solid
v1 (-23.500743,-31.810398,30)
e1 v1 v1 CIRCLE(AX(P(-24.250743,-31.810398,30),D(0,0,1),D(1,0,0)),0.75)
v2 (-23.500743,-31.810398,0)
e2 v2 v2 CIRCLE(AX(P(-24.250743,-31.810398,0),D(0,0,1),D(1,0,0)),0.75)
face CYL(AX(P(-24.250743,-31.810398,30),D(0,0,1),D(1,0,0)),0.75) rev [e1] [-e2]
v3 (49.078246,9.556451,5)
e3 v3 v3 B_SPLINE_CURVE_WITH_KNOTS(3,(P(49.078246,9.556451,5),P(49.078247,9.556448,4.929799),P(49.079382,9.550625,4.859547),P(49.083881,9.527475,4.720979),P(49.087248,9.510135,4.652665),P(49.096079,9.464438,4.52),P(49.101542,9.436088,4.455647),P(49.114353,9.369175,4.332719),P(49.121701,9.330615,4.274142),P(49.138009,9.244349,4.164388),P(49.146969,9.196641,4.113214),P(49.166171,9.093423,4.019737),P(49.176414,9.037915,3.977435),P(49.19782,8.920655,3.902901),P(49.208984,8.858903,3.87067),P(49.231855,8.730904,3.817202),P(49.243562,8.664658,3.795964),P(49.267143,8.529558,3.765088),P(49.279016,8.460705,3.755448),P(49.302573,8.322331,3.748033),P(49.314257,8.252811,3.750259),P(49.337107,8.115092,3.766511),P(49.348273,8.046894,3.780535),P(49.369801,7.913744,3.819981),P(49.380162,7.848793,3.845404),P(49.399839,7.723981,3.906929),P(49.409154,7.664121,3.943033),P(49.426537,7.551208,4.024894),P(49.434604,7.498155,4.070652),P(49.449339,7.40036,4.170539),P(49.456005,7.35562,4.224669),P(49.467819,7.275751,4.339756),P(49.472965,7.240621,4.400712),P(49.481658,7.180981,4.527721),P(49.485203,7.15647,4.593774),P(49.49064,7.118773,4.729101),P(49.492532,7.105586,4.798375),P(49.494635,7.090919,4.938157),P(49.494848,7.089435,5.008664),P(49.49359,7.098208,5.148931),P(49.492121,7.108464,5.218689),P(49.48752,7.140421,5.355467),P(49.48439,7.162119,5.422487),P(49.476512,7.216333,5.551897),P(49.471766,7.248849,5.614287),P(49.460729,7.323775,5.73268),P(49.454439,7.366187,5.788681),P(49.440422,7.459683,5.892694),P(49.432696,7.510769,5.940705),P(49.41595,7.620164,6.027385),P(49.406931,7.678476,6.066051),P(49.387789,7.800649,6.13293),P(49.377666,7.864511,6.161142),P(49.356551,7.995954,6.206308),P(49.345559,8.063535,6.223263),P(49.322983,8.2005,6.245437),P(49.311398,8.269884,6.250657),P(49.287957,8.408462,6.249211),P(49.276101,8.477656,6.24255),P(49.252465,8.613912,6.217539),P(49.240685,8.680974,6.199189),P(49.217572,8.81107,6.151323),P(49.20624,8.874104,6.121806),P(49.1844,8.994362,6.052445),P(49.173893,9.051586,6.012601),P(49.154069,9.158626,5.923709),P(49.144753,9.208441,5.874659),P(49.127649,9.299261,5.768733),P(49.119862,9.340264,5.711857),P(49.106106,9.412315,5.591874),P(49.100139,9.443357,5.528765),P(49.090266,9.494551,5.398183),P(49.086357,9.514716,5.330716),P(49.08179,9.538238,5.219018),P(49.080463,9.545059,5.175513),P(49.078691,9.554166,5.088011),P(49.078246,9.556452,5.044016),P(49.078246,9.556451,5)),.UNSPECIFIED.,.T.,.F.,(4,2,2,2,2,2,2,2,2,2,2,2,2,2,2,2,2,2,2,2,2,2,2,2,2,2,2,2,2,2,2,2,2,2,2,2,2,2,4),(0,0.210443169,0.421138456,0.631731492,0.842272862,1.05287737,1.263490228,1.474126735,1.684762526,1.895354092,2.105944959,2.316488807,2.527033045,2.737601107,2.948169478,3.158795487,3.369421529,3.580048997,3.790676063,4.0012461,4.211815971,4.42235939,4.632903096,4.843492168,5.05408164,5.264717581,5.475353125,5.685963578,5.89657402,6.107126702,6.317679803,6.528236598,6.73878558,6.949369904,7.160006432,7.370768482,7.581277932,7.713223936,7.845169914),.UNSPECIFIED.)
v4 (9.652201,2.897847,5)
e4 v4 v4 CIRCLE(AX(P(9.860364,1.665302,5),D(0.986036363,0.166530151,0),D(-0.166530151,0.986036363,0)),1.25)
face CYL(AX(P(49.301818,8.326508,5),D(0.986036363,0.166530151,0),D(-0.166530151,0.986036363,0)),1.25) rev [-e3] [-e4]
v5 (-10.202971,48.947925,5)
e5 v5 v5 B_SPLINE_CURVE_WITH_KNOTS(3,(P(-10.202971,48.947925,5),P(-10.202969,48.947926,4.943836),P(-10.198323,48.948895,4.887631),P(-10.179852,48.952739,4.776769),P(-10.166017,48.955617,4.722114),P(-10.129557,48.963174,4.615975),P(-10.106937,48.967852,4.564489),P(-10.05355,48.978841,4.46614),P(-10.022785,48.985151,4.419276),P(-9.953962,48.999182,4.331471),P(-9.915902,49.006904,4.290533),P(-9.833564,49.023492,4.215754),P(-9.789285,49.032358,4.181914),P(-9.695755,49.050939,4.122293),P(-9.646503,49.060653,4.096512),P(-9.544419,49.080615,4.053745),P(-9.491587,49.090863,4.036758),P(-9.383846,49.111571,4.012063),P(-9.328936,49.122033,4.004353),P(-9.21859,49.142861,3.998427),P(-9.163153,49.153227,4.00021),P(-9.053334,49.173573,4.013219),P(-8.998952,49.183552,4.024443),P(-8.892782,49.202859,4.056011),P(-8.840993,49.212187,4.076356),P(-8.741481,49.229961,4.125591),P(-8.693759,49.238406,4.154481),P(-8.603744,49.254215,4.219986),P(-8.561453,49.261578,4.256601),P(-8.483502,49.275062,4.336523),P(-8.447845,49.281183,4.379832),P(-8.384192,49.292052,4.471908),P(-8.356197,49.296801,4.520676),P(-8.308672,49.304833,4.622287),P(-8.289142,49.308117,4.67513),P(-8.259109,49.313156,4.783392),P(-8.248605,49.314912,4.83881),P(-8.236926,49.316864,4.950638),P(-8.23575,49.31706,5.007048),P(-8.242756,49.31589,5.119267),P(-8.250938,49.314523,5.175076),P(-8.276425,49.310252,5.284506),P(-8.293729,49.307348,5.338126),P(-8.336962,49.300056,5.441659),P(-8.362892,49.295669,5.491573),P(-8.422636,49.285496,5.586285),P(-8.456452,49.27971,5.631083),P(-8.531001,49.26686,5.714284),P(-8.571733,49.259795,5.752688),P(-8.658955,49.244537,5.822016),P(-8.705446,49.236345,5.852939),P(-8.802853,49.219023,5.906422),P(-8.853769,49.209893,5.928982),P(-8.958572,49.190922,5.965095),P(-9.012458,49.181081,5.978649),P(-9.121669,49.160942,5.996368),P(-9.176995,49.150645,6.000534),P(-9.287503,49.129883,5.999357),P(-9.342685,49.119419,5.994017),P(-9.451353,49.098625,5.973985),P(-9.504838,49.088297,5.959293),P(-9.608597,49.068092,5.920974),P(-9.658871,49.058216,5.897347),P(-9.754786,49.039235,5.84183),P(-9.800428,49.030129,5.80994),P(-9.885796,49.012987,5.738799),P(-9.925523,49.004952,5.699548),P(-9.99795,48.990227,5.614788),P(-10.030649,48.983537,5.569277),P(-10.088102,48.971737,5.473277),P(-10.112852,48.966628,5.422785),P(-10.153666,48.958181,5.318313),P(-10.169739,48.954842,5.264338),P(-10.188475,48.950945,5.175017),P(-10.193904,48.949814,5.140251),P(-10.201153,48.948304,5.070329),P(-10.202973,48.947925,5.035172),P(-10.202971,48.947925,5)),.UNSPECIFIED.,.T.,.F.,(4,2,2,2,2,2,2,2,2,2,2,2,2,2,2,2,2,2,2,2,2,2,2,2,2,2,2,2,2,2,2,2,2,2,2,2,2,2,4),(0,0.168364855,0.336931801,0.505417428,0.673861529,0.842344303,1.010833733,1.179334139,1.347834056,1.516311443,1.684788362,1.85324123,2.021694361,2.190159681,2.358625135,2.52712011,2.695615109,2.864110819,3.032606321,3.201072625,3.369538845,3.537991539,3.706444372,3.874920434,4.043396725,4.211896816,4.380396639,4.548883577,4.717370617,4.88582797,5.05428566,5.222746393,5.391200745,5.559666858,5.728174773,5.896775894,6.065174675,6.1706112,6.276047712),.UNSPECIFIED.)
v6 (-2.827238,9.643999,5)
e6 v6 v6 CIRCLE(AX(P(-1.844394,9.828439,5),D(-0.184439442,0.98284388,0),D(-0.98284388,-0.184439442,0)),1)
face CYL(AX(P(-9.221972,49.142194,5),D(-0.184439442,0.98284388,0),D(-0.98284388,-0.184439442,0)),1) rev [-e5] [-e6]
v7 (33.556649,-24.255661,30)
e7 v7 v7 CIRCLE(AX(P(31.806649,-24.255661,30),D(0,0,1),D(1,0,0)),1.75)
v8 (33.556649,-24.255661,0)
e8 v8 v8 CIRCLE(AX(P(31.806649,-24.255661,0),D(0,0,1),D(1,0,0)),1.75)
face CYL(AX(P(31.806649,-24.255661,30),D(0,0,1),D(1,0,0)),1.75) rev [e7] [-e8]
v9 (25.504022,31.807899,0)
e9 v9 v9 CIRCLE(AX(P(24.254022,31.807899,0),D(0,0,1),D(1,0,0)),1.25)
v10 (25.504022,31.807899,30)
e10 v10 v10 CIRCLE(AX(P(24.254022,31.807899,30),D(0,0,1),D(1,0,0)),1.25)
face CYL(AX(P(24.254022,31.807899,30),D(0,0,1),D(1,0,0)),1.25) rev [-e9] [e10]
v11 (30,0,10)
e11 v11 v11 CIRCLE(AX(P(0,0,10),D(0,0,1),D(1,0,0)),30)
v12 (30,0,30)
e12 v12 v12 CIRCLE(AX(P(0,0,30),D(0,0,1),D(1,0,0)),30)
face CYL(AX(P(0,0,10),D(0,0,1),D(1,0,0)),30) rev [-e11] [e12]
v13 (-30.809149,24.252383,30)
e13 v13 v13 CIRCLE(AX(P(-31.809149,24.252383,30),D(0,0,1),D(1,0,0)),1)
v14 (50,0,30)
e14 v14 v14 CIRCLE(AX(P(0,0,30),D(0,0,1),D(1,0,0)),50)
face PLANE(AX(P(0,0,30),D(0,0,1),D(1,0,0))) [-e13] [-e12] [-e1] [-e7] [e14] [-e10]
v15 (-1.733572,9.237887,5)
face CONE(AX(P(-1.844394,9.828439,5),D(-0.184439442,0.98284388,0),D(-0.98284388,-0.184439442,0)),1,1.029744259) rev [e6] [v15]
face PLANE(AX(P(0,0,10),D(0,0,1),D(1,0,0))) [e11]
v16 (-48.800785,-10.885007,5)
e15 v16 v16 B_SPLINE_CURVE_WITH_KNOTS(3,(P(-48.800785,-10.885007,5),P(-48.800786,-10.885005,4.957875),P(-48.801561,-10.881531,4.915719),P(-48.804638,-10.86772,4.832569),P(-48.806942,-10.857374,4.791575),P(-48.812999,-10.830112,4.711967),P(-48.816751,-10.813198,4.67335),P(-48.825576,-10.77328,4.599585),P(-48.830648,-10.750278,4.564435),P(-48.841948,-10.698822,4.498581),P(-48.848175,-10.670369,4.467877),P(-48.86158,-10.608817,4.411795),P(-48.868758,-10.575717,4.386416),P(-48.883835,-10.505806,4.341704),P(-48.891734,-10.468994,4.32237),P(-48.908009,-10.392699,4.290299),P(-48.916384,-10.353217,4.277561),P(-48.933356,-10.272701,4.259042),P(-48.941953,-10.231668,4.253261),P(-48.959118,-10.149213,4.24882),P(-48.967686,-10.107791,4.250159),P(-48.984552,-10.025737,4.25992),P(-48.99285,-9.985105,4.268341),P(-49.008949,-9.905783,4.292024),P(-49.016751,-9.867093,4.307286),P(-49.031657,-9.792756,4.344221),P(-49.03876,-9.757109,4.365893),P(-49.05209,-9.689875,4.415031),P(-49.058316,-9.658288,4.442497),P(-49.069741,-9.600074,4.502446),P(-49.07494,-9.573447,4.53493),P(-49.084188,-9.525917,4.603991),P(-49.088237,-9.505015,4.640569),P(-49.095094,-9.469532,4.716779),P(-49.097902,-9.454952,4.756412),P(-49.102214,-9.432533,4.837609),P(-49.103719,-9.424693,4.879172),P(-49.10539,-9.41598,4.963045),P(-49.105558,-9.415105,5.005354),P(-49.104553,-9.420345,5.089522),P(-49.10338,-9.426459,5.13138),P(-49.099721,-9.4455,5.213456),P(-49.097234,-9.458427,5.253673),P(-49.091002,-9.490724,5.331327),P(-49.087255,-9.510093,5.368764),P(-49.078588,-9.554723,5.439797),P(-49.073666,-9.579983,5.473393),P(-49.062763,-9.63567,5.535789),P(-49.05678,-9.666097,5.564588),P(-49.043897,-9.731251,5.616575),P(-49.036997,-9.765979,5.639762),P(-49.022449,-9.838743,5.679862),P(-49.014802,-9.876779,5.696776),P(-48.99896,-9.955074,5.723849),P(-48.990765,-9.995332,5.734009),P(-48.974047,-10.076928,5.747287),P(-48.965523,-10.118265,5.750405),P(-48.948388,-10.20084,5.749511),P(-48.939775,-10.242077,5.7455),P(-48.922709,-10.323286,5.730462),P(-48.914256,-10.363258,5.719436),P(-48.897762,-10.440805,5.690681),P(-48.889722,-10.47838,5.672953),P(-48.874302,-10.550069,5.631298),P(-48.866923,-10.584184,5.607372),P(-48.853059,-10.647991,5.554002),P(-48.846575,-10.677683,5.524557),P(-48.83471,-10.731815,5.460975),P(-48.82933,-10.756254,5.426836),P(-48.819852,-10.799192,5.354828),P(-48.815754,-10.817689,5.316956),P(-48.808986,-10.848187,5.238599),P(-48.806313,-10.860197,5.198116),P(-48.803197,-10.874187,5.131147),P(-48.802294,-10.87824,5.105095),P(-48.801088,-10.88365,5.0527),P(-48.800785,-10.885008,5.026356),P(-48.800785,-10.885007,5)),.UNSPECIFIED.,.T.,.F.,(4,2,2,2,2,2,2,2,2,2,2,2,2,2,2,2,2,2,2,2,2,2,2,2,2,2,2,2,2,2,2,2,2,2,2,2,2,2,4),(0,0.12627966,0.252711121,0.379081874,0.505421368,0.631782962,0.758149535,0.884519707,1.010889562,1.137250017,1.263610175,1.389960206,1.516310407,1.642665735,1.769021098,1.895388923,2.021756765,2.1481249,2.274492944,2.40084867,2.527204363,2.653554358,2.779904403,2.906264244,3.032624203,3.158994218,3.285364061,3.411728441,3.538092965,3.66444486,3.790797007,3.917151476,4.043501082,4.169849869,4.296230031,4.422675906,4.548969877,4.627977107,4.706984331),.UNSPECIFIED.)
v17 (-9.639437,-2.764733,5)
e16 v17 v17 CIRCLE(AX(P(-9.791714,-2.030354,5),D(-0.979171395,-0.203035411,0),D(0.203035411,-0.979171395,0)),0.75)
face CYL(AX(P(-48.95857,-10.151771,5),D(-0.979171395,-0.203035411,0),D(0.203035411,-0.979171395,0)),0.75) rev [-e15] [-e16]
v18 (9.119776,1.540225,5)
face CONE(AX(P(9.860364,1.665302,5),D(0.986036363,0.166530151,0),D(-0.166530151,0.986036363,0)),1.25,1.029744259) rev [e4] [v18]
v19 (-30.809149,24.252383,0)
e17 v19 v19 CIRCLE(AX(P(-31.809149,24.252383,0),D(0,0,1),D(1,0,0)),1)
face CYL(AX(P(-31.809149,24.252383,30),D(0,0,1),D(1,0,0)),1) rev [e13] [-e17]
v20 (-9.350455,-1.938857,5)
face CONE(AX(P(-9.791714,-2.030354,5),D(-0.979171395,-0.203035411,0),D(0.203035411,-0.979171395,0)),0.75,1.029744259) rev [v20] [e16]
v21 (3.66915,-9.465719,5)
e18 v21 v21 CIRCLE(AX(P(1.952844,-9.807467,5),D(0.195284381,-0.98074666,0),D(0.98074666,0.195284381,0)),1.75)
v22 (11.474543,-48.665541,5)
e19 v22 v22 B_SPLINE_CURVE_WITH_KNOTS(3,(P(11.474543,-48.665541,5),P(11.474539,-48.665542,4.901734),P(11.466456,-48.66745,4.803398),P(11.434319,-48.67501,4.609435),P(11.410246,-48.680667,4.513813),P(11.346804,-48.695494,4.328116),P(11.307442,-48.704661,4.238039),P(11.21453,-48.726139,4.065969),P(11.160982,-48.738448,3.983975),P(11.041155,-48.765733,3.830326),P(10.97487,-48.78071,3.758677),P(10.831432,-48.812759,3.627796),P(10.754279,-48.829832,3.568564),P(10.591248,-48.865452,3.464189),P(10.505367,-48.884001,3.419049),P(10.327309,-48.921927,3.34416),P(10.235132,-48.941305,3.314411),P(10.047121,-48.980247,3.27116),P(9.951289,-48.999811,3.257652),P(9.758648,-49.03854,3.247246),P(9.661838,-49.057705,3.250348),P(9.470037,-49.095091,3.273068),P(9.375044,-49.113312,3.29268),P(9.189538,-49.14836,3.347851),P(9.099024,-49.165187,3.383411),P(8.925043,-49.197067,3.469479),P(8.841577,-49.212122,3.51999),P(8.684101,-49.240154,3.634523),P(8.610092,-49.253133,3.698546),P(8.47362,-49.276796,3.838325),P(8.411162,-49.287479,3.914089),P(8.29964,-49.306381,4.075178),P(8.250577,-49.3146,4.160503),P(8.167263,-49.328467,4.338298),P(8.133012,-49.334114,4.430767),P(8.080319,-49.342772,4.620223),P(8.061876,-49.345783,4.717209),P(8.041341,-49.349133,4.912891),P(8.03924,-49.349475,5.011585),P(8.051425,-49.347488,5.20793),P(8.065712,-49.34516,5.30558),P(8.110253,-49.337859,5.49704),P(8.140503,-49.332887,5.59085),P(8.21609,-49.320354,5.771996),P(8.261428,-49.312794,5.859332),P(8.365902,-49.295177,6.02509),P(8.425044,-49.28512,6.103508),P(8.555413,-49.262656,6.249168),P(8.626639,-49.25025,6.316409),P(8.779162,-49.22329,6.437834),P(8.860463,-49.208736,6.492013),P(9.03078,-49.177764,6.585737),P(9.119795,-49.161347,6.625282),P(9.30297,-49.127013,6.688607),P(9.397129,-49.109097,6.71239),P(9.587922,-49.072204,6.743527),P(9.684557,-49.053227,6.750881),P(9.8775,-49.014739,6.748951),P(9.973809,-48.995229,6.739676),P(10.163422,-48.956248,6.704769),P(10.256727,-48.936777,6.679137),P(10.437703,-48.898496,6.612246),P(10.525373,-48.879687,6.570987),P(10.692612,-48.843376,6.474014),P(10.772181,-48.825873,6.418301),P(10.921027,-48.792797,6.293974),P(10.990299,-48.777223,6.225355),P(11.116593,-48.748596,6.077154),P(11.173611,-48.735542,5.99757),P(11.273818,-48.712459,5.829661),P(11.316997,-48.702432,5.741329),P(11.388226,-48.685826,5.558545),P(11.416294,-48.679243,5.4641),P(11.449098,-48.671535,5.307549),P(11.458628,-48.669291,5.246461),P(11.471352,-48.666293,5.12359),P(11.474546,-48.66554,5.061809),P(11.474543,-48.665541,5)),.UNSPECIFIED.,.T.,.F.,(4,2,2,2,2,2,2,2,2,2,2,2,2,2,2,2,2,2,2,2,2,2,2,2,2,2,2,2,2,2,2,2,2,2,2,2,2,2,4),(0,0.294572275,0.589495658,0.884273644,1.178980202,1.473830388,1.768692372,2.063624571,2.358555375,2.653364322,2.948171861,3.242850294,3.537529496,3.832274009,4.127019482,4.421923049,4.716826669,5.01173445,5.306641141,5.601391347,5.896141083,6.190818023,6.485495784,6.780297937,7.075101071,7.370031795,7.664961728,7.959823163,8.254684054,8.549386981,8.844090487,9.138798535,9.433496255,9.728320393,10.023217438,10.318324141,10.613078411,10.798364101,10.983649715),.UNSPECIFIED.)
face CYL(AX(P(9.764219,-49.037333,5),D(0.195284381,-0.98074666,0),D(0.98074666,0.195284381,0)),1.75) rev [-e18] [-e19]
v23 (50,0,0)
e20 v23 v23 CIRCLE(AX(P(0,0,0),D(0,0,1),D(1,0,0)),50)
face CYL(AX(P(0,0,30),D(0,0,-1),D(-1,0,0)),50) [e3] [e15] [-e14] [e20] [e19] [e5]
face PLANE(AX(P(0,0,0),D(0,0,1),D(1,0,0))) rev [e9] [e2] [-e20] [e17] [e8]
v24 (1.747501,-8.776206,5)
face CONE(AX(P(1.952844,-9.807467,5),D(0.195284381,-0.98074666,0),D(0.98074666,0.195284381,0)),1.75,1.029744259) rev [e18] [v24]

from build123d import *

# Parameters (mm, degrees)
SKIZZE1_R                            = 50
AUFSATZ_LINEAR_AUSTRAGEN1_DEPTH      = 30
SKIZZE2_R                            = 30
SCHNITT_LINEAR_AUSTRAGEN1_DEPTH      = 20
F_3_5_3_5_DURCHMESSER_BOHRUNG1_D     = 3.5
F_3_5_3_5_DURCHMESSER_BOHRUNG1_DEPTH = 40
F_3_5_3_5_DURCHMESSER_BOHRUNG1_TIP   = 1.051506083
F_2_5_2_5_DURCHMESSER_BOHRUNG1_D     = 2.5
F_2_5_2_5_DURCHMESSER_BOHRUNG1_DEPTH = 40
F_2_5_2_5_DURCHMESSER_BOHRUNG1_TIP   = 0.751075774
F_2_0_2_DURCHMESSER_BOHRUNG1_D       = 2
F_2_0_2_DURCHMESSER_BOHRUNG1_DEPTH   = 40
F_2_0_2_DURCHMESSER_BOHRUNG1_TIP     = 0.600860619
F_1_5_1_5_DURCHMESSER_BOHRUNG1_D     = 1.5
F_1_5_1_5_DURCHMESSER_BOHRUNG1_DEPTH = 40
F_1_5_1_5_DURCHMESSER_BOHRUNG1_TIP   = 0.450645464
F_3_5_3_5_DURCHMESSER_BOHRUNG2_D     = 3.5
F_2_5_2_5_DURCHMESSER_BOHRUNG2_D     = 2.5
F_2_0_2_DURCHMESSER_BOHRUNG2_D       = 2
F_1_5_1_5_DURCHMESSER_BOHRUNG3_D     = 1.5


with BuildPart() as part:
    # Skizze1 → Aufsatz-Linear austragen1 (new body)
    with BuildSketch(Plane.XY):
        Circle(SKIZZE1_R)
    extrude(amount=AUFSATZ_LINEAR_AUSTRAGEN1_DEPTH)

    # Skizze2 → Schnitt-Linear austragen1 (cut)
    with BuildSketch(Plane.XY.offset(30)):
        Circle(SKIZZE2_R)
    extrude(amount=-SCHNITT_LINEAR_AUSTRAGEN1_DEPTH, mode=Mode.SUBTRACT)

    # Ø3.5 (3.5) Durchmesser Bohrung1
    with Locations(Plane(origin=(9.764219033, -49.037332989, 5), x_dir=(-0.980746659782, -0.195284380652, 0), z_dir=(0.195284380652, -0.980746659782, 0))):
        with Locations((0, 0)):
            Hole(F_3_5_3_5_DURCHMESSER_BOHRUNG1_D / 2, depth=F_3_5_3_5_DURCHMESSER_BOHRUNG1_DEPTH)
            with Locations((0, 0, -(F_3_5_3_5_DURCHMESSER_BOHRUNG1_DEPTH + F_3_5_3_5_DURCHMESSER_BOHRUNG1_TIP / 2))):  # 118° drill point
                Cone(0, F_3_5_3_5_DURCHMESSER_BOHRUNG1_D / 2, F_3_5_3_5_DURCHMESSER_BOHRUNG1_TIP, mode=Mode.SUBTRACT)

    # Ø2.5 (2.5) Durchmesser Bohrung1
    with Locations(Plane(origin=(49.30181814, 8.326507554, 5), x_dir=(-0.166530151078, 0.986036362809, 0), z_dir=(0.986036362809, 0.166530151078, 0))):
        with Locations((0, 0)):
            Hole(F_2_5_2_5_DURCHMESSER_BOHRUNG1_D / 2, depth=F_2_5_2_5_DURCHMESSER_BOHRUNG1_DEPTH)
            with Locations((0, 0, -(F_2_5_2_5_DURCHMESSER_BOHRUNG1_DEPTH + F_2_5_2_5_DURCHMESSER_BOHRUNG1_TIP / 2))):  # 118° drill point
                Cone(0, F_2_5_2_5_DURCHMESSER_BOHRUNG1_D / 2, F_2_5_2_5_DURCHMESSER_BOHRUNG1_TIP, mode=Mode.SUBTRACT)

    # Ø2.0 (2) Durchmesser Bohrung1
    with Locations(Plane(origin=(-9.221972092, 49.142193996, 5), x_dir=(0.982843879919, 0.184439441837, 0), z_dir=(-0.184439441837, 0.982843879919, 0))):
        with Locations((0, 0)):
            Hole(F_2_0_2_DURCHMESSER_BOHRUNG1_D / 2, depth=F_2_0_2_DURCHMESSER_BOHRUNG1_DEPTH)
            with Locations((0, 0, -(F_2_0_2_DURCHMESSER_BOHRUNG1_DEPTH + F_2_0_2_DURCHMESSER_BOHRUNG1_TIP / 2))):  # 118° drill point
                Cone(0, F_2_0_2_DURCHMESSER_BOHRUNG1_D / 2, F_2_0_2_DURCHMESSER_BOHRUNG1_TIP, mode=Mode.SUBTRACT)

    # Ø1.5 (1.5) Durchmesser Bohrung1
    with Locations(Plane(origin=(-48.958569775, -10.151770565, 5), x_dir=(0.203035411308, -0.979171395495, 0), z_dir=(-0.979171395495, -0.203035411308, 0))):
        with Locations((0, 0)):
            Hole(F_1_5_1_5_DURCHMESSER_BOHRUNG1_D / 2, depth=F_1_5_1_5_DURCHMESSER_BOHRUNG1_DEPTH)
            with Locations((0, 0, -(F_1_5_1_5_DURCHMESSER_BOHRUNG1_DEPTH + F_1_5_1_5_DURCHMESSER_BOHRUNG1_TIP / 2))):  # 118° drill point
                Cone(0, F_1_5_1_5_DURCHMESSER_BOHRUNG1_D / 2, F_1_5_1_5_DURCHMESSER_BOHRUNG1_TIP, mode=Mode.SUBTRACT)

    # Ø3.5 (3.5) Durchmesser Bohrung2 (through all)
    with Locations(Plane.XY.offset(30)):
        with Locations((31.806649029, -24.255660732)):
            Hole(F_3_5_3_5_DURCHMESSER_BOHRUNG2_D / 2)

    # Ø2.5 (2.5) Durchmesser Bohrung2 (through all)
    with Locations(Plane.XY.offset(30)):
        with Locations((24.254021663, 31.807898911)):
            Hole(F_2_5_2_5_DURCHMESSER_BOHRUNG2_D / 2)

    # Ø2.0 (2) Durchmesser Bohrung2 (through all)
    with Locations(Plane.XY.offset(30)):
        with Locations((-31.809148709, 24.25238253)):
            Hole(F_2_0_2_DURCHMESSER_BOHRUNG2_D / 2)

    # Ø1.5 (1.5) Durchmesser Bohrung3 (through all)
    with Locations(Plane.XY.offset(30)):
        with Locations((-24.250743333, -31.810398422)):
            Hole(F_1_5_1_5_DURCHMESSER_BOHRUNG3_D / 2)


solid = part.part
